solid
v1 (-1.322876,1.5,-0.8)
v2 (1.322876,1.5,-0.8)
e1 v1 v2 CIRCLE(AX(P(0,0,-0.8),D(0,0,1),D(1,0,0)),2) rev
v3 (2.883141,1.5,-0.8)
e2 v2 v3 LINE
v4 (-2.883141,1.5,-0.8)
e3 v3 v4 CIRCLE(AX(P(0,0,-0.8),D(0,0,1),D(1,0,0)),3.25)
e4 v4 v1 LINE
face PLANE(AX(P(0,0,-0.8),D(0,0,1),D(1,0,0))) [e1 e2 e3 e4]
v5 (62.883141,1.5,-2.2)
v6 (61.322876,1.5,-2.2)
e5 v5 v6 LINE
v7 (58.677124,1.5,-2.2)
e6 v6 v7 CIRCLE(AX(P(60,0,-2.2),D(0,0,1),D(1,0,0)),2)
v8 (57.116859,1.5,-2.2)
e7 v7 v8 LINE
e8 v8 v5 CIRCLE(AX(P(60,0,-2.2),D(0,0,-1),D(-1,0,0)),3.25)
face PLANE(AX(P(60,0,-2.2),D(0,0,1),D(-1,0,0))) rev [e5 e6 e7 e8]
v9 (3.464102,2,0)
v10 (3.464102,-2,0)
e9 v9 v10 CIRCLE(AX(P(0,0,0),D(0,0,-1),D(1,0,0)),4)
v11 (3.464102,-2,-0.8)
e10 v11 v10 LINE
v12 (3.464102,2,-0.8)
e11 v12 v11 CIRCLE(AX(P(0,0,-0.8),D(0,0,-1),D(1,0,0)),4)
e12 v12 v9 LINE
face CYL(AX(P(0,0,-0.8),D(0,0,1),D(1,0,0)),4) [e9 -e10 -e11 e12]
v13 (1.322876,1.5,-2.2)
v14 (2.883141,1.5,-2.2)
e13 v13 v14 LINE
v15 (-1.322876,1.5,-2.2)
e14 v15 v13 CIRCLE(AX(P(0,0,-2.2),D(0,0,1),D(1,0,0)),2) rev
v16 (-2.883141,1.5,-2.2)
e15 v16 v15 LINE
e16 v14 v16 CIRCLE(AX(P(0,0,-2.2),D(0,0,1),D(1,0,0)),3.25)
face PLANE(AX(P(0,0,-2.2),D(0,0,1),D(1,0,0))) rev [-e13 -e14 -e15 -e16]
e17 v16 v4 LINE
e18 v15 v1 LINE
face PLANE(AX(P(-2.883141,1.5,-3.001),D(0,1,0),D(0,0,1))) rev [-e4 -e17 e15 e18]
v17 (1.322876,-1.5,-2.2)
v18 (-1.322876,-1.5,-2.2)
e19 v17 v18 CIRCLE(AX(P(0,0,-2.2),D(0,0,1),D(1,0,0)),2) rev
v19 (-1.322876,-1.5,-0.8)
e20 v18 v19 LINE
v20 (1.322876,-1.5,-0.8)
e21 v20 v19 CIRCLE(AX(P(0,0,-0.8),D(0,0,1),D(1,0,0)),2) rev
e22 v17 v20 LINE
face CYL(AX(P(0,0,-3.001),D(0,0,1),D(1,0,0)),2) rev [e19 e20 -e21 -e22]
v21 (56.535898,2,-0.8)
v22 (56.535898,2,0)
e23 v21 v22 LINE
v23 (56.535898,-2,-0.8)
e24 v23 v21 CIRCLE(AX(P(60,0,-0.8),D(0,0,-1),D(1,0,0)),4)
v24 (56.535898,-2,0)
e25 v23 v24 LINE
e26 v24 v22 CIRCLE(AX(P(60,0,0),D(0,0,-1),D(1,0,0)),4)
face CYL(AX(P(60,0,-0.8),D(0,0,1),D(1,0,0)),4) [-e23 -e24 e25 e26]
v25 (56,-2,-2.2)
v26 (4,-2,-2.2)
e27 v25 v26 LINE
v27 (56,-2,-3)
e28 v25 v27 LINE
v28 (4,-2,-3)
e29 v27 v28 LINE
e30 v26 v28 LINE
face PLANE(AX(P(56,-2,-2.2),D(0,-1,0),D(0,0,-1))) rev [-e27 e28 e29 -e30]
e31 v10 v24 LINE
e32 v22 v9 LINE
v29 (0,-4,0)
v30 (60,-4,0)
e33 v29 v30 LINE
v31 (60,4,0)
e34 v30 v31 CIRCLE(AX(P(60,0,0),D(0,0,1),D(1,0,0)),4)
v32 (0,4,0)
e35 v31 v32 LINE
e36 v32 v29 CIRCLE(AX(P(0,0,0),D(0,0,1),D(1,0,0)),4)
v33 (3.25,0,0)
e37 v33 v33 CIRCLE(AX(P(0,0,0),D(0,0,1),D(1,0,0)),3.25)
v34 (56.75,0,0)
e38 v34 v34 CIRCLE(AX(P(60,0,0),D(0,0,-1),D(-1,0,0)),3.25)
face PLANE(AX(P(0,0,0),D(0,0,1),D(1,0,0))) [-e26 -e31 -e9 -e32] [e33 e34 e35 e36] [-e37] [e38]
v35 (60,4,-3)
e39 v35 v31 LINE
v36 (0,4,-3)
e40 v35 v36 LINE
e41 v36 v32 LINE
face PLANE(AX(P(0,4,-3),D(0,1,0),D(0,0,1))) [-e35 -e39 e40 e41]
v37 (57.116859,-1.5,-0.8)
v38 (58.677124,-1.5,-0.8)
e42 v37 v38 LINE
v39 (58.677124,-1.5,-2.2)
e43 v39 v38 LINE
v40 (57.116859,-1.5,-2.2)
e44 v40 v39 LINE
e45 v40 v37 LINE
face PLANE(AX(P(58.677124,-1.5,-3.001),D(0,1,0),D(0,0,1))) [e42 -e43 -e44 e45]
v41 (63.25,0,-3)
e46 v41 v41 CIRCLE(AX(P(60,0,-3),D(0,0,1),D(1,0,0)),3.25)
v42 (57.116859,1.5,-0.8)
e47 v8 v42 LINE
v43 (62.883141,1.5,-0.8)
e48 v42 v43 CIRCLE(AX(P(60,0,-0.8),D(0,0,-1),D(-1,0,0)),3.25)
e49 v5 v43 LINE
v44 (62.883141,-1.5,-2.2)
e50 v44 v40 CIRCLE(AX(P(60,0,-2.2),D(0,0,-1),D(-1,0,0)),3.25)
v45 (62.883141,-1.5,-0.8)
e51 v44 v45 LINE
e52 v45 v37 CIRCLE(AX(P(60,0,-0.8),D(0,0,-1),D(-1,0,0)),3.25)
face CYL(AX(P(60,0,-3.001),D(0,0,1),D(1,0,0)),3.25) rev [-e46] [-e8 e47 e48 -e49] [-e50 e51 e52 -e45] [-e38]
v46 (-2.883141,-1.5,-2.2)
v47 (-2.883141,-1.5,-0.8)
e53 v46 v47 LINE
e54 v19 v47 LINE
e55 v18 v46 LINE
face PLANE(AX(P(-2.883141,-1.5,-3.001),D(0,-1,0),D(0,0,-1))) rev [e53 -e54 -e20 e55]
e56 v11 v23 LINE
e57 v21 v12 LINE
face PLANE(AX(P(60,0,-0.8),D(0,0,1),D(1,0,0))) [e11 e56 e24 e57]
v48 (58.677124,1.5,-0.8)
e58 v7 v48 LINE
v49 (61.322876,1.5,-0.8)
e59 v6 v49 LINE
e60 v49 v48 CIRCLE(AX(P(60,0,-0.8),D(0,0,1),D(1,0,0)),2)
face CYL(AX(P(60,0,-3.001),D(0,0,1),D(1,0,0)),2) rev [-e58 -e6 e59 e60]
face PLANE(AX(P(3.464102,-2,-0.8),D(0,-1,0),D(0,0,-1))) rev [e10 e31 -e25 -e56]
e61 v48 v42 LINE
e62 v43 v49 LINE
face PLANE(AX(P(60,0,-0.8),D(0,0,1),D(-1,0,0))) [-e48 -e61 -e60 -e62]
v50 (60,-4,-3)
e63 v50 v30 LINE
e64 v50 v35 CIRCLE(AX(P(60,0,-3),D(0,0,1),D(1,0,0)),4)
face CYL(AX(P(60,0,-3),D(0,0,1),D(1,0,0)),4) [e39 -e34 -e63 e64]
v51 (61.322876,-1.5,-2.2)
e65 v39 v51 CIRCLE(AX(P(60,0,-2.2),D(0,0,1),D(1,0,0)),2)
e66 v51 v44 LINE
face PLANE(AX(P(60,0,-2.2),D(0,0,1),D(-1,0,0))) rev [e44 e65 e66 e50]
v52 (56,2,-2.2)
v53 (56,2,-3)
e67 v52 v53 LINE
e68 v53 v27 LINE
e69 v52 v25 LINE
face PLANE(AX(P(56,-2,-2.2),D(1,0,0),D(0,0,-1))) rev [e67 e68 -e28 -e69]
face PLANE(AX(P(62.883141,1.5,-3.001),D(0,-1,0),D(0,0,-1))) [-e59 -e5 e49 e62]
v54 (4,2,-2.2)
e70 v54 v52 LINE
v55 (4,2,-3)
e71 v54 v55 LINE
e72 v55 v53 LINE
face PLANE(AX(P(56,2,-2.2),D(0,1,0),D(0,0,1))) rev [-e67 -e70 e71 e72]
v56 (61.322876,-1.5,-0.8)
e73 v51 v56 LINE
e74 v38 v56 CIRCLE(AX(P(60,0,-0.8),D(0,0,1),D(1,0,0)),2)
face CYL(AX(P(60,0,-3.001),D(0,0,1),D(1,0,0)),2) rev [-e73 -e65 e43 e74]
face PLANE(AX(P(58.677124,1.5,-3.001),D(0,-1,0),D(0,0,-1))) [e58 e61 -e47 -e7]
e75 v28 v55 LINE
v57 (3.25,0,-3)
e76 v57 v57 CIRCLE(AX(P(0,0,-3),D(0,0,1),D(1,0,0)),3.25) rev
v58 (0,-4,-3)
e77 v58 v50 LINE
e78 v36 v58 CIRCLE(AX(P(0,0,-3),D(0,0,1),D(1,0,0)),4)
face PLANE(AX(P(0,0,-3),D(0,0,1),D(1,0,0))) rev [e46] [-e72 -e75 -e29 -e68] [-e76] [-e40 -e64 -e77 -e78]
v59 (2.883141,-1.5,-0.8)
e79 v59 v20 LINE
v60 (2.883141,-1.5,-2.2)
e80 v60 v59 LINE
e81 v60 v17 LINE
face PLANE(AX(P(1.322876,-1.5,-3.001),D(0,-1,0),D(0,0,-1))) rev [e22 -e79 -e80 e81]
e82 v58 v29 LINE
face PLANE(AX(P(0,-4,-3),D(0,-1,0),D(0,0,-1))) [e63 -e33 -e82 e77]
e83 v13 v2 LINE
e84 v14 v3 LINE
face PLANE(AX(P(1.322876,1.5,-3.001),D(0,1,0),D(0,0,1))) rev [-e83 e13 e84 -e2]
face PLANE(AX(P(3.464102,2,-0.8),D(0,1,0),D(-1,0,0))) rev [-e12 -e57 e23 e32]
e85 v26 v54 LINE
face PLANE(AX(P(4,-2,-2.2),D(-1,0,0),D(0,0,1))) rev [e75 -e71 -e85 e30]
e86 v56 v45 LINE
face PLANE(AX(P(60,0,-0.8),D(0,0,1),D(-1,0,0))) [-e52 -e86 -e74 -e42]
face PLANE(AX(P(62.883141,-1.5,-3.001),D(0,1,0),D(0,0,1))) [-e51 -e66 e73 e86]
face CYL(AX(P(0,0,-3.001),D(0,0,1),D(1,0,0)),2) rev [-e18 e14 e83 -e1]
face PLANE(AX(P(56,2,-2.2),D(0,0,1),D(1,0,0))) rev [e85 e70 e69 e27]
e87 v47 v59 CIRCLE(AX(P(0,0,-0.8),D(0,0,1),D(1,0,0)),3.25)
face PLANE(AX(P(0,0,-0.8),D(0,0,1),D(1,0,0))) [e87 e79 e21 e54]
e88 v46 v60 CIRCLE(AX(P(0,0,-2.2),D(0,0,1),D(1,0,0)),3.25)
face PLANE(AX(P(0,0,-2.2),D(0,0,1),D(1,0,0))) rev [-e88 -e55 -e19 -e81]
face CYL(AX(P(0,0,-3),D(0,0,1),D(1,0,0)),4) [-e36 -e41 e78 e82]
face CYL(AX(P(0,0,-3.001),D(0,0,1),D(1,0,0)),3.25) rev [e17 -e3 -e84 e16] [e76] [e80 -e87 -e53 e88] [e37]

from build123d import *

# Parameters (mm, degrees)
EXTRUDE_1_DEPTH     = 3
CUT_EXTRUDE_1_REACH = 66.195
SKETCH_3_R          = 3.25
CUT_EXTRUDE_2_DEPTH = 0.8
CUT_EXTRUDE_START   = -2.2
SKETCH_3_2_R        = 3.25
CUT_EXTRUDE_3_DEPTH = 0.8
CUT_EXTRUDE_4_DEPTH = 0.8
SKETCH_5_W          = 52
SKETCH_5_H          = 4
CUT_EXTRUDE_5_DEPTH = 0.8


with BuildPart() as part:
    # 草图1 → 凸台-拉伸1 (new body)
    with BuildSketch(Plane.XY):
        with BuildLine():
            Line((0, 4), (60, 4))
            ThreePointArc((60, 4), (64, 0), (60, -4))
            Line((60, -4), (0, -4))
            ThreePointArc((0, -4), (-4, 0), (0, 4))
        make_face()
    extrude(amount=-EXTRUDE_1_DEPTH)

    # 草图2 → 切除-拉伸1 (cut, up to next)
    with BuildSketch(Plane.XY, mode=Mode.PRIVATE) as cut_extrude_1_sk1:
        with BuildLine():
            Line((1.322875656, -1.5), (2.883140649, -1.5))
            ThreePointArc((2.883140649, -1.5), (3.25, 0), (2.883140649, 1.5))
            Line((2.883140649, 1.5), (1.322875656, 1.5))
            ThreePointArc((1.322875656, 1.5), (0, 2), (-1.322875656, 1.5))
            Line((-1.322875656, 1.5), (-2.883140649, 1.5))
            ThreePointArc((-2.883140649, 1.5), (-3.25, 0), (-2.883140649, -1.5))
            Line((-2.883140649, -1.5), (-1.322875656, -1.5))
            ThreePointArc((-1.322875656, -1.5), (0, -2), (1.322875656, -1.5))
        make_face()
    cut_extrude_1_tool1 = extrude(cut_extrude_1_sk1.sketch, amount=-CUT_EXTRUDE_1_REACH, mode=Mode.PRIVATE) & part.part
    cut_extrude_1 = cut_extrude_1_tool1.solids().sort_by_distance((0, 0, 0))[0]
    add(cut_extrude_1, mode=Mode.SUBTRACT)

    # 草图3 → 切除-拉伸2 (cut)
    with BuildSketch(Plane.XY):
        Circle(SKETCH_3_R)
    cut_extrude_2 = extrude(amount=-CUT_EXTRUDE_2_DEPTH, mode=Mode.SUBTRACT)

    # 草图3<2> → 切除-拉伸3 (cut)
    with BuildSketch(Plane.XY.offset(CUT_EXTRUDE_START)):
        Circle(SKETCH_3_2_R)
    cut_extrude_3 = extrude(amount=-CUT_EXTRUDE_3_DEPTH, mode=Mode.SUBTRACT)

    # 镜向1: 切除-拉伸1, 切除-拉伸2, 切除-拉伸3 across plane
    add(cut_extrude_1.mirror(Plane(origin=(30, 0, 0), x_dir=(0, 0, 1), z_dir=(1, 0, 0))), mode=Mode.SUBTRACT)
    add(cut_extrude_2.mirror(Plane(origin=(30, 0, 0), x_dir=(0, 0, 1), z_dir=(1, 0, 0))), mode=Mode.SUBTRACT)
    add(cut_extrude_3.mirror(Plane(origin=(30, 0, 0), x_dir=(0, 0, 1), z_dir=(1, 0, 0))), mode=Mode.SUBTRACT)

    # 草图4 → 切除-拉伸4 (cut)
    with BuildSketch(Plane.XY):
        with BuildLine():
            Line((3.464101615, 2), (56.535898385, 2))
            ThreePointArc((56.535898385, 2), (56, 0), (56.535898385, -2))
            Line((56.535898385, -2), (3.464101615, -2))
            ThreePointArc((3.464101615, -2), (4, 0), (3.464101615, 2))
        make_face()
    extrude(amount=-CUT_EXTRUDE_4_DEPTH, mode=Mode.SUBTRACT)

    # 草图5 → 切除-拉伸5 (cut)
    with BuildSketch(Plane(origin=(0, 0, -3), x_dir=(-1, 0, 0), z_dir=(0, 0, -1))):
        with Locations((-30, 0)):
            Rectangle(SKETCH_5_W, SKETCH_5_H)
    extrude(amount=-CUT_EXTRUDE_5_DEPTH, mode=Mode.SUBTRACT)


solid = part.part
